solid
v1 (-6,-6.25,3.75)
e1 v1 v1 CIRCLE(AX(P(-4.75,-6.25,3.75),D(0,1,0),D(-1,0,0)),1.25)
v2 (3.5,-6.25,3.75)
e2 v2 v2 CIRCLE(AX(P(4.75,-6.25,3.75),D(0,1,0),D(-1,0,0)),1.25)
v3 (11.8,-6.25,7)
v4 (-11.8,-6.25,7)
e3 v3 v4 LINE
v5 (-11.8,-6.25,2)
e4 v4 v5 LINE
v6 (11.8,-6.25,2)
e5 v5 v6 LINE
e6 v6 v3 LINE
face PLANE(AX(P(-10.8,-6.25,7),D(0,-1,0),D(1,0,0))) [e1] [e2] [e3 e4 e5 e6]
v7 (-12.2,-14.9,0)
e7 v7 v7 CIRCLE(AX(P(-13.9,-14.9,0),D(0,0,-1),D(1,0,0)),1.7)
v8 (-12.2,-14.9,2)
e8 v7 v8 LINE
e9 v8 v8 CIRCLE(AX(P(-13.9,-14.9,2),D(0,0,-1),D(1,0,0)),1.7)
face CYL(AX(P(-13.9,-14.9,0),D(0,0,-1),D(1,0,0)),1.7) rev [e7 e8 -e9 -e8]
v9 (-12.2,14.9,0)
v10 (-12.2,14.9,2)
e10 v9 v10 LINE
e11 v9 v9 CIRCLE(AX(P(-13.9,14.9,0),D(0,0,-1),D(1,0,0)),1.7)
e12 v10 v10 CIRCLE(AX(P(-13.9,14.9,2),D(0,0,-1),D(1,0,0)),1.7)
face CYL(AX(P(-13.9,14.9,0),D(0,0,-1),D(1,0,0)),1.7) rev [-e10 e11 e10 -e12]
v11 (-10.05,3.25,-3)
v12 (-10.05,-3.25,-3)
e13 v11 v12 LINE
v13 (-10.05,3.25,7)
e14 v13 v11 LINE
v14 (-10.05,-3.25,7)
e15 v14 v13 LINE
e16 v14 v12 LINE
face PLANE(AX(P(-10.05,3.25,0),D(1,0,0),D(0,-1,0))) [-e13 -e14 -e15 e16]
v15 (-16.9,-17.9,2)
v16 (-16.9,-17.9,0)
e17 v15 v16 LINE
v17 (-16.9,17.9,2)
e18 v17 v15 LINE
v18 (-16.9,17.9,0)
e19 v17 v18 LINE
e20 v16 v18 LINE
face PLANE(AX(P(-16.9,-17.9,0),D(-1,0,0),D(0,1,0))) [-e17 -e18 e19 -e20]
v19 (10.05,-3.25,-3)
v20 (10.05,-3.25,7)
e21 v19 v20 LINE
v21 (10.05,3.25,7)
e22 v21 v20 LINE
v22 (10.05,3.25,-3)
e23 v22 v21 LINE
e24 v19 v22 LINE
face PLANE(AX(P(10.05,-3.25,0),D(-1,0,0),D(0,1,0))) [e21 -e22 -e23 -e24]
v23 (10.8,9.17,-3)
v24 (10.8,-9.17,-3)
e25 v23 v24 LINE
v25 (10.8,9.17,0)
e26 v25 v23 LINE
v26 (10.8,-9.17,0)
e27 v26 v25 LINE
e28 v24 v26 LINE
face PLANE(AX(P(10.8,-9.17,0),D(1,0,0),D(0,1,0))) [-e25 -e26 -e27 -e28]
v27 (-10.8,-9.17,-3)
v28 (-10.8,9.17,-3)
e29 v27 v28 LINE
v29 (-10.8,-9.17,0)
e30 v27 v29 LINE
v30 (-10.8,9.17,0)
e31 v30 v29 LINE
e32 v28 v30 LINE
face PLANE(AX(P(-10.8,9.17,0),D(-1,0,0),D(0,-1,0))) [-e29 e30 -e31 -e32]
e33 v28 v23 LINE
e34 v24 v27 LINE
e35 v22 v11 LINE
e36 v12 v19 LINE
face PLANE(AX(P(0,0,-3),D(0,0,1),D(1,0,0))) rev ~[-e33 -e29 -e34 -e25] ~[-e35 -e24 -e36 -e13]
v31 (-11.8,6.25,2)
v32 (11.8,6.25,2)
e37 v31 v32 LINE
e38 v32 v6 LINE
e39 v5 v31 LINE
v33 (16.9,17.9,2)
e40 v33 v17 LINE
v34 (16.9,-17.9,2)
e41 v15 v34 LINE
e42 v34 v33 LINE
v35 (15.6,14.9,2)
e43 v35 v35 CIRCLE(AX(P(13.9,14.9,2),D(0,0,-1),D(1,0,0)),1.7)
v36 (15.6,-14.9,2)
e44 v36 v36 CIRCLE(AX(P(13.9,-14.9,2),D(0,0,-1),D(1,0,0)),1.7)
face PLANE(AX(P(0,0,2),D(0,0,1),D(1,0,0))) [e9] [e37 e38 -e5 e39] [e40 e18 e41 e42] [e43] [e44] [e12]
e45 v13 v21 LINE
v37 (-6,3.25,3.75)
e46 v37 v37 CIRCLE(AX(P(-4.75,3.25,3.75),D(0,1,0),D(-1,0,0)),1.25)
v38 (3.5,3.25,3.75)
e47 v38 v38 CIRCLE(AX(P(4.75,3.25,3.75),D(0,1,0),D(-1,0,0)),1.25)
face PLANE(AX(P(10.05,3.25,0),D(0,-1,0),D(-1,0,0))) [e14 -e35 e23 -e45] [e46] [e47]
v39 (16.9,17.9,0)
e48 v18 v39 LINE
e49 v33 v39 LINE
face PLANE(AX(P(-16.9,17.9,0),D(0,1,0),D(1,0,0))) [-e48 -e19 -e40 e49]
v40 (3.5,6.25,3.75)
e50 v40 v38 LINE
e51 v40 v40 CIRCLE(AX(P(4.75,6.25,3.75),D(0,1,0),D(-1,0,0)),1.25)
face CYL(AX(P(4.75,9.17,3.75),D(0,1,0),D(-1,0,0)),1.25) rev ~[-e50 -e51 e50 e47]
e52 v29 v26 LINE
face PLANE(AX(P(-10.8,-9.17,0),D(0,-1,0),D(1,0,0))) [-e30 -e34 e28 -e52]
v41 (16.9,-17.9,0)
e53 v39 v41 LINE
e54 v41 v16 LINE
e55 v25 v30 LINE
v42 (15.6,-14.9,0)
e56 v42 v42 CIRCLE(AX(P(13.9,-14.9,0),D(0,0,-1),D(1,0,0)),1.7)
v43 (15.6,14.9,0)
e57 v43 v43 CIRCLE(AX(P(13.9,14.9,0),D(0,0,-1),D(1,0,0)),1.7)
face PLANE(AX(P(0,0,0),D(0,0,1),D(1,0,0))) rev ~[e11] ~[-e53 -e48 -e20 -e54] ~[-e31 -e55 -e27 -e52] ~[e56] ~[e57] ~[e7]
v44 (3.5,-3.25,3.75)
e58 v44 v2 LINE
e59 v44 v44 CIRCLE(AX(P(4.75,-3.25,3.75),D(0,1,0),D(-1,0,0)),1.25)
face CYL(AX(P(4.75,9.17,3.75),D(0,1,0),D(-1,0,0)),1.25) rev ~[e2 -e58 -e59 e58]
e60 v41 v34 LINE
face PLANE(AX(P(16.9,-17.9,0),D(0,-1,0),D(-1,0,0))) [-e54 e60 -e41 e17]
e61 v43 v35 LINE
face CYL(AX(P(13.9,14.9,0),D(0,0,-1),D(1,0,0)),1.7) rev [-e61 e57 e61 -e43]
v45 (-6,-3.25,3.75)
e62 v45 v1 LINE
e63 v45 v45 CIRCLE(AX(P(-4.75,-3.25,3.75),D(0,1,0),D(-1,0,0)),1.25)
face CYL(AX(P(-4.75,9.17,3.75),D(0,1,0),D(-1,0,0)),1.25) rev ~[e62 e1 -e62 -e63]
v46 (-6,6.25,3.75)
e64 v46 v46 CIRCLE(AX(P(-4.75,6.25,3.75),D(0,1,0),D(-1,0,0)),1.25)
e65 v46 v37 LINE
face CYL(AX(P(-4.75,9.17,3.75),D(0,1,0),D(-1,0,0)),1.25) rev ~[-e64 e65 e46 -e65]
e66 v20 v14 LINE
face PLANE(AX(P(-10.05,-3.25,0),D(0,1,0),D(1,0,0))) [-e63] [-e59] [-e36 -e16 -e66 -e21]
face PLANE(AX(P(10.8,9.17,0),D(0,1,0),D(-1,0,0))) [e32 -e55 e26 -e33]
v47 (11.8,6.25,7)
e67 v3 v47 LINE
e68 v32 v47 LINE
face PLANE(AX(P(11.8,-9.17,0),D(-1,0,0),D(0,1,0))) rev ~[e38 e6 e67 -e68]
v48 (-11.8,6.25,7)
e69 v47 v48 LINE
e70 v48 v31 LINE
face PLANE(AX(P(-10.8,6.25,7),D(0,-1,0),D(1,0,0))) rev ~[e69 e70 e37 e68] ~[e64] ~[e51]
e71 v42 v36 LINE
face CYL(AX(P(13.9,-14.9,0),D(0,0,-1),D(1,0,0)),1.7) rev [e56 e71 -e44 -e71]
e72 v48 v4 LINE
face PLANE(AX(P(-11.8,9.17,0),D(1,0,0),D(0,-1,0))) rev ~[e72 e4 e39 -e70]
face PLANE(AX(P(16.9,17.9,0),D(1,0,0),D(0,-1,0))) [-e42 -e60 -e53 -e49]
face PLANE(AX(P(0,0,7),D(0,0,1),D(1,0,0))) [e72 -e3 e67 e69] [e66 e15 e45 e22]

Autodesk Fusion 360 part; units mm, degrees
sketch "Esquisse5" plane through (0, 0, 0) normal (0, 0, 1) x (1, 0, 0)
  line L0 (16.9, -17.9) -> (-16.9, -17.9)
  line L1 (-16.9, -17.9) -> (-16.9, 17.9)
  line L2 (-16.9, 17.9) -> (16.9, 17.9)
  line L3 (16.9, 17.9) -> (16.9, -17.9)
  line L4 (16.9, -17.9) -> (-16.9, 17.9) construction
  line L5 (-16.9, -17.9) -> (16.9, 17.9) construction
  circle A0 centre (-13.9, -14.9) radius 1.7
  line L6 (0, 0) -> (0, -17.9) construction
  line L7 (0, 0) -> (16.9, 0) construction
  circle A1 centre (13.9, -14.9) radius 1.7
  circle A2 centre (-13.9, 14.9) radius 1.7
  circle A3 centre (13.9, 14.9) radius 1.7
  line L8 (10.8, 9.17) -> (-10.8, 9.17)
  line L9 (-10.8, 9.17) -> (-10.8, -9.17)
  line L10 (-10.8, -9.17) -> (10.8, -9.17)
  line L11 (10.8, -9.17) -> (10.8, 9.17)
  line L12 (10.8, 9.17) -> (-10.8, -9.17) construction
  line L13 (-10.8, 9.17) -> (10.8, -9.17) construction
  line L14 (-10.05, -3.25) -> (10.05, -3.25)
  line L15 (10.05, -3.25) -> (10.05, 3.25)
  line L16 (10.05, 3.25) -> (-10.05, 3.25)
  line L17 (-10.05, 3.25) -> (-10.05, -3.25)
  line L18 (-10.05, -3.25) -> (10.05, 3.25) construction
  line L19 (10.05, -3.25) -> (-10.05, 3.25) construction
  dimension "d54" = 33.8
  dimension "d55" = 35.8
  dimension "d56" = 3.4
  dimension "d57" = 3
  dimension "d58" = 3
  dimension "d59" = 21.6
  dimension "d60" = 18.34
  dimension "d61" = 20.1
  dimension "d62" = 6.5
extrude "Extrusion3" add sketch "Esquisse5" against normal blind 3 contours L8 L9 L10 L11
extrude "Extrusion4" add sketch "Esquisse5" along normal blind 2 contours L0 L1 L2 L3
extrude "Extrusion5" add sketch "Esquisse5" along normal blind 7 contours L8 L9 L10 L11
sketch "Esquisse6" plane through (0, 9.17, 0) normal (0, 1, 0) x (-1, 0, 0)
  line L0 (-10.8, 2) -> (10.8, 2)
  line L1 (10.8, 2) -> (10.8, 7)
  line L2 (10.8, 7) -> (-10.8, 7)
  line L3 (-10.8, 7) -> (-10.8, 2)
  circle A0 centre (4.75, 3.75) radius 1.25
  circle A1 centre (-4.75, 3.75) radius 1.25
  line L4 (0, 2) -> (0, 7) construction
  dimension "d69" = 2.5
  dimension "d70" = 2.5
  dimension "d71" = 3.25
  dimension "d72" = 3.25
  dimension "d73" = 9.5
extrude "Extrusion6" cut sketch "Esquisse6" against normal through all contours A0 | A1
sketch "Esquisse7" plane through (0, 0, 7) normal (0, 0, 1) x (-1, 0, 0)
  line L0 (10.05, 3.25) -> (10.05, -3.25)
  line L1 (10.05, -3.25) -> (-10.05, -3.25)
  line L2 (-10.05, -3.25) -> (-10.05, 3.25)
  line L3 (-10.05, 3.25) -> (10.05, 3.25)
  line L4 (-10.8, 9.17) -> (-10.8, -9.17)
  line L5 (-10.8, -9.17) -> (10.8, -9.17)
  line L6 (10.8, -9.17) -> (10.8, 9.17)
  line L7 (10.8, 9.17) -> (-10.8, 9.17)
  line L8 (10.8, -6.25) -> (-10.8, -6.25)
  line L9 (-10.05, -3.25) -> (10.05, -3.25)
  line L10 (10.8, 6.25) -> (-10.8, 6.25)
  dimension "d76" = 3
  dimension "d77" = 3
extrude "Extrusion7" cut sketch "Esquisse7" against normal blind 5 contours L4 L6 L7 L10 | L4 L5 L6 L8
move_face "DécalerLesFaces1" offset 1 1 faces at (10.8, -2.0833, 3.6667)
move_face "DécalerLesFaces2" offset 1 1 faces at (-10.8, 2.0833, 3.6667)
equation "d70 = d69"
equation "d71 = 2 mm + ( 2.5 / 2 ) * 1 mm"
equation "d72 = d71"
equation "d73 = 7 mm + d69"
